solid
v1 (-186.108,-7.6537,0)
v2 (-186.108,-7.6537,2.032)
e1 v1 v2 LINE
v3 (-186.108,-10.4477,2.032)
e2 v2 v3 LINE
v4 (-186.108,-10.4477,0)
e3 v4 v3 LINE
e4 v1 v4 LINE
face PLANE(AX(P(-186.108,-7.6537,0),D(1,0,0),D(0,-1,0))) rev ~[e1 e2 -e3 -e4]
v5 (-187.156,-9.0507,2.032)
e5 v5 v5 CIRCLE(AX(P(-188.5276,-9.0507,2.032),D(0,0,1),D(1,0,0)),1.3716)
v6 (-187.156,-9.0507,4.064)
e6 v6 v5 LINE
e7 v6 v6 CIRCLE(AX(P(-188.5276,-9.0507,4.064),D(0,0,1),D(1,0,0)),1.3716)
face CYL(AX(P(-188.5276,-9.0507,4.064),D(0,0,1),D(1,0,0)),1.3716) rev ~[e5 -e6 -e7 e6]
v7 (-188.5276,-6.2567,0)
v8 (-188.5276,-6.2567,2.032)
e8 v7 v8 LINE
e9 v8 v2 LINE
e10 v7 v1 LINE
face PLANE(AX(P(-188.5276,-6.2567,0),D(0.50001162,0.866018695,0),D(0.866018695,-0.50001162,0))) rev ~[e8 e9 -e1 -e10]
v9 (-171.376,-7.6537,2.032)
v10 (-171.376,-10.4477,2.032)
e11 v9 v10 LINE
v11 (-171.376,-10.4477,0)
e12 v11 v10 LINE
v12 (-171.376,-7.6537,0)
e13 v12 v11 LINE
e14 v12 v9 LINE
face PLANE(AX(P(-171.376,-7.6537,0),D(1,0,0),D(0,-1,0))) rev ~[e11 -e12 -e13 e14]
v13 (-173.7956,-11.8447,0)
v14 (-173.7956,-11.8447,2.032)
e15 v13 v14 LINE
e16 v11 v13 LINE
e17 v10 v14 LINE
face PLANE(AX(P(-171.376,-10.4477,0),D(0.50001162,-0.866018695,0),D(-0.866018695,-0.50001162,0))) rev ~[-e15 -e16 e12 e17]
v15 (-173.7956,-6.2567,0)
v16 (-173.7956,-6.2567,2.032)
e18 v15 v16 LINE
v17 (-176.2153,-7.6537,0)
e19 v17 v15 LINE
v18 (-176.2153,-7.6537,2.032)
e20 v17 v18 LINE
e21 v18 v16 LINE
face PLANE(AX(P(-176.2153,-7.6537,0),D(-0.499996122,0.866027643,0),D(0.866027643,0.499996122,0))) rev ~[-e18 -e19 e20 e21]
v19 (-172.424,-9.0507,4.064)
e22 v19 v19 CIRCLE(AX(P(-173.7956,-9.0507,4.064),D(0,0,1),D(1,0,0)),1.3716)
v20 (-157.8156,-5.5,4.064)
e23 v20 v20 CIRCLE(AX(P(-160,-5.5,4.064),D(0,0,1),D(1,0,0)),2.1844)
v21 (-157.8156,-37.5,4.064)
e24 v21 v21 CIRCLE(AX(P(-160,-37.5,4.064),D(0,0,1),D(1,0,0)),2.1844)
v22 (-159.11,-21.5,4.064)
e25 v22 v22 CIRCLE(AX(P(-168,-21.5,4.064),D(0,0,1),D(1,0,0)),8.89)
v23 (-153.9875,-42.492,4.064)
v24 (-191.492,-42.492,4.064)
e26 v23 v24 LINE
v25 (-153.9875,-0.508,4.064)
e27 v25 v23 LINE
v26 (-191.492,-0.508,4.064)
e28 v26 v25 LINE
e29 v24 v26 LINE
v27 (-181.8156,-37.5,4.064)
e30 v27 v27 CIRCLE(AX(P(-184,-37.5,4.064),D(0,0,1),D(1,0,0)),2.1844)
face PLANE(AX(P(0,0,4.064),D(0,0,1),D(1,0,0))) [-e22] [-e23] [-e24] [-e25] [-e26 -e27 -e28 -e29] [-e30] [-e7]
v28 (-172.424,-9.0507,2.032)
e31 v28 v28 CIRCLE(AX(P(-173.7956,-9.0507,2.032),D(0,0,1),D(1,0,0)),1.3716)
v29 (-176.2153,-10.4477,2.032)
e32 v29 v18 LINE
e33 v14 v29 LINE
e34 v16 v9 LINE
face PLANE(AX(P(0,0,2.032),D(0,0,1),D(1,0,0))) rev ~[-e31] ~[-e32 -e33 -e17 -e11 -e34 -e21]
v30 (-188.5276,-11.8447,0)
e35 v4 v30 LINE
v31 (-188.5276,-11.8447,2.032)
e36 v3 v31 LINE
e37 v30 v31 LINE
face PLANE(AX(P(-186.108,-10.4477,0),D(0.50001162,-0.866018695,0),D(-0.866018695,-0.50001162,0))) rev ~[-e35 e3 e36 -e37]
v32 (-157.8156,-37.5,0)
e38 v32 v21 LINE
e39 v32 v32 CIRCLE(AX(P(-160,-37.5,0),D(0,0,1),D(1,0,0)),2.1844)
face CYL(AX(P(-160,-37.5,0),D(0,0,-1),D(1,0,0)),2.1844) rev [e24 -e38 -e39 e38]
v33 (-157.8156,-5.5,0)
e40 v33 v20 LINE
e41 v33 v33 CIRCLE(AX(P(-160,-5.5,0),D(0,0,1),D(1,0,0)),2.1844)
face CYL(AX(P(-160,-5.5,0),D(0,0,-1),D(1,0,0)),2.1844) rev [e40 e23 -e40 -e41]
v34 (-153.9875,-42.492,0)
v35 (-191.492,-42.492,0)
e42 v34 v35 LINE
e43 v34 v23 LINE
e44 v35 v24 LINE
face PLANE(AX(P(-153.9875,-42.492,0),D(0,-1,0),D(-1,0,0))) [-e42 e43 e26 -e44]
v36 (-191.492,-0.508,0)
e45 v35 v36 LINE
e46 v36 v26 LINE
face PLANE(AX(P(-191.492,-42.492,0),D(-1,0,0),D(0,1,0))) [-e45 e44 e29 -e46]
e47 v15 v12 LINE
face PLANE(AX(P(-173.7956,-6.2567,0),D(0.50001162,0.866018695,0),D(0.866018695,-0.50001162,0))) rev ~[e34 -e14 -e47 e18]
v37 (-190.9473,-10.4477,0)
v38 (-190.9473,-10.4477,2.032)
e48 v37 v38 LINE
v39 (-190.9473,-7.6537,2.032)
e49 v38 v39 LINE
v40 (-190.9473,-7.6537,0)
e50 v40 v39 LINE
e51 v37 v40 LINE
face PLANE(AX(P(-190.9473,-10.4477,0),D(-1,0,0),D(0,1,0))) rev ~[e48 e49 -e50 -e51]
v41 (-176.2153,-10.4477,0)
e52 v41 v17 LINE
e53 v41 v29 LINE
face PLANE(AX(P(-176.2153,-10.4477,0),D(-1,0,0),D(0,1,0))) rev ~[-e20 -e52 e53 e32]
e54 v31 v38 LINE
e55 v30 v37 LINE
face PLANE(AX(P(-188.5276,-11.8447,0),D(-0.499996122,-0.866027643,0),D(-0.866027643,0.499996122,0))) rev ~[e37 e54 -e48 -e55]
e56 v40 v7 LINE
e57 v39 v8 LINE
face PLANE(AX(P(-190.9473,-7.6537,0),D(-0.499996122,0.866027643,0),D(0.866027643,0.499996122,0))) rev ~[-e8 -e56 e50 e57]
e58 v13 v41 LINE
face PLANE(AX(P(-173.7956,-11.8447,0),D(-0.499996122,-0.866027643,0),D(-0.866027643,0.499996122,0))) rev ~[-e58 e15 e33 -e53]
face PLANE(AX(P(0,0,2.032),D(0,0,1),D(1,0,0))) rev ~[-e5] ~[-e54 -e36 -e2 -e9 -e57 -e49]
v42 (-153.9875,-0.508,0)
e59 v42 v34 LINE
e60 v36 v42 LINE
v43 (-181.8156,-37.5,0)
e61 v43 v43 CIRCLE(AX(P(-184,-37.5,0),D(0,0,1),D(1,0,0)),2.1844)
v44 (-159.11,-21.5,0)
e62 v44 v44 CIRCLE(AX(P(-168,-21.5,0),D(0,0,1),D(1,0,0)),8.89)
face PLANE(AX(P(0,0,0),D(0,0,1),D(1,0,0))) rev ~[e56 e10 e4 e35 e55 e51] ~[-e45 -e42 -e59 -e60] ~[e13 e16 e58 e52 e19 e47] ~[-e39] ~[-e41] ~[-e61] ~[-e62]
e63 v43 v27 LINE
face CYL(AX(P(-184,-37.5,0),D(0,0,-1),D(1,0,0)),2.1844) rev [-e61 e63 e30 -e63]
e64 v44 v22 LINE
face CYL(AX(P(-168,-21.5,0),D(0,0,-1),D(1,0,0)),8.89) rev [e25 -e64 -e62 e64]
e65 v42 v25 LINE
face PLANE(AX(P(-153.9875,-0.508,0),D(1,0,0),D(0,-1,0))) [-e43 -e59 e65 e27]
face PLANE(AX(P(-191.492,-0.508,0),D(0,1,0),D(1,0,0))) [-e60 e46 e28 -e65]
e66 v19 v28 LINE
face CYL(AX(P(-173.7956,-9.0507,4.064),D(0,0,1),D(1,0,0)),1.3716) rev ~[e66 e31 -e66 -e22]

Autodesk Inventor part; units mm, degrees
ref_plane "YZ Plane" through (0, 0, 0) normal (1, 0, 0) x (0, 1, 0)
ref_plane "XZ Plane" through (0, 0, 0) normal (0, 1, 0) x (-1, 0, 0)
ref_plane "XY Plane" through (0, 0, 0) normal (0, 0, 1) x (1, 0, 0)
ref_plane "Work Plane1" through (0, 0, 0) normal (0, 0, 1) x (1, 0, 0)
sketch "Sketch1" plane through (0, 0, 0) normal (0, 0, 1) x (1, 0, 0)
  line L0 (-192, 0) -> (-192, -43) construction
  line L1 (-192, -43) -> (0, -43) construction
  line L2 (-192, 0) -> (0, 0) construction
  line L3 (-153.9875, -0.508) -> (-153.9875, -42.492)
  line L4 (-153.9875, -42.492) -> (-191.492, -42.492)
  line L5 (-191.492, -42.492) -> (-191.492, -0.508)
  line L6 (-191.492, -0.508) -> (-153.9875, -0.508)
  circle A0 centre (-168, -21.5) radius 7.975 construction
  circle A1 centre (-168, -21.5) radius 8.89
  circle A2 centre (-184, -37.5) radius 2 construction
  circle A3 centre (-160, -37.5) radius 2 construction
  circle A4 centre (-160, -5.5) radius 2 construction
  circle A5 centre (-184, -37.5) radius 2.1844
  circle A6 centre (-160, -37.5) radius 2.1844
  circle A7 centre (-160, -5.5) radius 2.1844
extrude "Extrusion1" add sketch "Sketch1" along normal blind 4.064
sketch "Sketch2" plane through (0, 0, 4.064) normal (0, 0, 1) x (1, 0, 0)
  arc A0 (-188.6973, -7.9203) -> (-188.6973, -10.181) centre (-188.5276, -9.0507) ccw construction
  arc A1 (-173.6259, -10.181) -> (-173.6259, -7.9203) centre (-173.7956, -9.0507) ccw construction
  circle A2 centre (-188.5276, -9.0507) radius 1.3716
  circle A3 centre (-173.7956, -9.0507) radius 1.3716
  point P0 (0, 0)
  dimension "d7" = 2.7432
  dimension "d8" = 2.7432
extrude "Extrusion2" cut sketch "Sketch2" against normal through all
sketch "Sketch3" plane through (0, 0, 0) normal (0, 0, 1) x (1, 0, 0)
  circle A0 centre (-173.7956, -9.0507) radius 1.3716 projected
  circle A1 centre (-173.7956, -9.0507) radius 2.794 construction
  circle A2 centre (-188.5276, -9.0507) radius 1.3716 projected
  circle A3 centre (-188.5276, -9.0507) radius 2.794 construction
  line L0 (-173.7956, -6.2567) -> (-171.376, -7.6537)
  line L1 (-171.376, -7.6537) -> (-171.376, -10.4477)
  line L2 (-171.376, -10.4477) -> (-173.7956, -11.8447)
  line L3 (-173.7956, -11.8447) -> (-176.2153, -10.4477)
  line L4 (-176.2153, -10.4477) -> (-176.2153, -7.6537)
  line L5 (-176.2153, -7.6537) -> (-173.7956, -6.2567)
  line L6 (-188.5276, -6.2567) -> (-186.108, -7.6537)
  line L7 (-186.108, -7.6537) -> (-186.108, -10.4477)
  line L8 (-186.108, -10.4477) -> (-188.5276, -11.8447)
  line L9 (-188.5276, -11.8447) -> (-190.9473, -10.4477)
  line L10 (-190.9473, -10.4477) -> (-190.9473, -7.6537)
  line L11 (-190.9473, -7.6537) -> (-188.5276, -6.2567)
  point P0 (0, 0)
  dimension "d11" = 5.588
  dimension "d12" = 5.588
extrude "Extrusion3" cut sketch "Sketch3" along normal blind 2.032
properties part number "BallMountLeft"
